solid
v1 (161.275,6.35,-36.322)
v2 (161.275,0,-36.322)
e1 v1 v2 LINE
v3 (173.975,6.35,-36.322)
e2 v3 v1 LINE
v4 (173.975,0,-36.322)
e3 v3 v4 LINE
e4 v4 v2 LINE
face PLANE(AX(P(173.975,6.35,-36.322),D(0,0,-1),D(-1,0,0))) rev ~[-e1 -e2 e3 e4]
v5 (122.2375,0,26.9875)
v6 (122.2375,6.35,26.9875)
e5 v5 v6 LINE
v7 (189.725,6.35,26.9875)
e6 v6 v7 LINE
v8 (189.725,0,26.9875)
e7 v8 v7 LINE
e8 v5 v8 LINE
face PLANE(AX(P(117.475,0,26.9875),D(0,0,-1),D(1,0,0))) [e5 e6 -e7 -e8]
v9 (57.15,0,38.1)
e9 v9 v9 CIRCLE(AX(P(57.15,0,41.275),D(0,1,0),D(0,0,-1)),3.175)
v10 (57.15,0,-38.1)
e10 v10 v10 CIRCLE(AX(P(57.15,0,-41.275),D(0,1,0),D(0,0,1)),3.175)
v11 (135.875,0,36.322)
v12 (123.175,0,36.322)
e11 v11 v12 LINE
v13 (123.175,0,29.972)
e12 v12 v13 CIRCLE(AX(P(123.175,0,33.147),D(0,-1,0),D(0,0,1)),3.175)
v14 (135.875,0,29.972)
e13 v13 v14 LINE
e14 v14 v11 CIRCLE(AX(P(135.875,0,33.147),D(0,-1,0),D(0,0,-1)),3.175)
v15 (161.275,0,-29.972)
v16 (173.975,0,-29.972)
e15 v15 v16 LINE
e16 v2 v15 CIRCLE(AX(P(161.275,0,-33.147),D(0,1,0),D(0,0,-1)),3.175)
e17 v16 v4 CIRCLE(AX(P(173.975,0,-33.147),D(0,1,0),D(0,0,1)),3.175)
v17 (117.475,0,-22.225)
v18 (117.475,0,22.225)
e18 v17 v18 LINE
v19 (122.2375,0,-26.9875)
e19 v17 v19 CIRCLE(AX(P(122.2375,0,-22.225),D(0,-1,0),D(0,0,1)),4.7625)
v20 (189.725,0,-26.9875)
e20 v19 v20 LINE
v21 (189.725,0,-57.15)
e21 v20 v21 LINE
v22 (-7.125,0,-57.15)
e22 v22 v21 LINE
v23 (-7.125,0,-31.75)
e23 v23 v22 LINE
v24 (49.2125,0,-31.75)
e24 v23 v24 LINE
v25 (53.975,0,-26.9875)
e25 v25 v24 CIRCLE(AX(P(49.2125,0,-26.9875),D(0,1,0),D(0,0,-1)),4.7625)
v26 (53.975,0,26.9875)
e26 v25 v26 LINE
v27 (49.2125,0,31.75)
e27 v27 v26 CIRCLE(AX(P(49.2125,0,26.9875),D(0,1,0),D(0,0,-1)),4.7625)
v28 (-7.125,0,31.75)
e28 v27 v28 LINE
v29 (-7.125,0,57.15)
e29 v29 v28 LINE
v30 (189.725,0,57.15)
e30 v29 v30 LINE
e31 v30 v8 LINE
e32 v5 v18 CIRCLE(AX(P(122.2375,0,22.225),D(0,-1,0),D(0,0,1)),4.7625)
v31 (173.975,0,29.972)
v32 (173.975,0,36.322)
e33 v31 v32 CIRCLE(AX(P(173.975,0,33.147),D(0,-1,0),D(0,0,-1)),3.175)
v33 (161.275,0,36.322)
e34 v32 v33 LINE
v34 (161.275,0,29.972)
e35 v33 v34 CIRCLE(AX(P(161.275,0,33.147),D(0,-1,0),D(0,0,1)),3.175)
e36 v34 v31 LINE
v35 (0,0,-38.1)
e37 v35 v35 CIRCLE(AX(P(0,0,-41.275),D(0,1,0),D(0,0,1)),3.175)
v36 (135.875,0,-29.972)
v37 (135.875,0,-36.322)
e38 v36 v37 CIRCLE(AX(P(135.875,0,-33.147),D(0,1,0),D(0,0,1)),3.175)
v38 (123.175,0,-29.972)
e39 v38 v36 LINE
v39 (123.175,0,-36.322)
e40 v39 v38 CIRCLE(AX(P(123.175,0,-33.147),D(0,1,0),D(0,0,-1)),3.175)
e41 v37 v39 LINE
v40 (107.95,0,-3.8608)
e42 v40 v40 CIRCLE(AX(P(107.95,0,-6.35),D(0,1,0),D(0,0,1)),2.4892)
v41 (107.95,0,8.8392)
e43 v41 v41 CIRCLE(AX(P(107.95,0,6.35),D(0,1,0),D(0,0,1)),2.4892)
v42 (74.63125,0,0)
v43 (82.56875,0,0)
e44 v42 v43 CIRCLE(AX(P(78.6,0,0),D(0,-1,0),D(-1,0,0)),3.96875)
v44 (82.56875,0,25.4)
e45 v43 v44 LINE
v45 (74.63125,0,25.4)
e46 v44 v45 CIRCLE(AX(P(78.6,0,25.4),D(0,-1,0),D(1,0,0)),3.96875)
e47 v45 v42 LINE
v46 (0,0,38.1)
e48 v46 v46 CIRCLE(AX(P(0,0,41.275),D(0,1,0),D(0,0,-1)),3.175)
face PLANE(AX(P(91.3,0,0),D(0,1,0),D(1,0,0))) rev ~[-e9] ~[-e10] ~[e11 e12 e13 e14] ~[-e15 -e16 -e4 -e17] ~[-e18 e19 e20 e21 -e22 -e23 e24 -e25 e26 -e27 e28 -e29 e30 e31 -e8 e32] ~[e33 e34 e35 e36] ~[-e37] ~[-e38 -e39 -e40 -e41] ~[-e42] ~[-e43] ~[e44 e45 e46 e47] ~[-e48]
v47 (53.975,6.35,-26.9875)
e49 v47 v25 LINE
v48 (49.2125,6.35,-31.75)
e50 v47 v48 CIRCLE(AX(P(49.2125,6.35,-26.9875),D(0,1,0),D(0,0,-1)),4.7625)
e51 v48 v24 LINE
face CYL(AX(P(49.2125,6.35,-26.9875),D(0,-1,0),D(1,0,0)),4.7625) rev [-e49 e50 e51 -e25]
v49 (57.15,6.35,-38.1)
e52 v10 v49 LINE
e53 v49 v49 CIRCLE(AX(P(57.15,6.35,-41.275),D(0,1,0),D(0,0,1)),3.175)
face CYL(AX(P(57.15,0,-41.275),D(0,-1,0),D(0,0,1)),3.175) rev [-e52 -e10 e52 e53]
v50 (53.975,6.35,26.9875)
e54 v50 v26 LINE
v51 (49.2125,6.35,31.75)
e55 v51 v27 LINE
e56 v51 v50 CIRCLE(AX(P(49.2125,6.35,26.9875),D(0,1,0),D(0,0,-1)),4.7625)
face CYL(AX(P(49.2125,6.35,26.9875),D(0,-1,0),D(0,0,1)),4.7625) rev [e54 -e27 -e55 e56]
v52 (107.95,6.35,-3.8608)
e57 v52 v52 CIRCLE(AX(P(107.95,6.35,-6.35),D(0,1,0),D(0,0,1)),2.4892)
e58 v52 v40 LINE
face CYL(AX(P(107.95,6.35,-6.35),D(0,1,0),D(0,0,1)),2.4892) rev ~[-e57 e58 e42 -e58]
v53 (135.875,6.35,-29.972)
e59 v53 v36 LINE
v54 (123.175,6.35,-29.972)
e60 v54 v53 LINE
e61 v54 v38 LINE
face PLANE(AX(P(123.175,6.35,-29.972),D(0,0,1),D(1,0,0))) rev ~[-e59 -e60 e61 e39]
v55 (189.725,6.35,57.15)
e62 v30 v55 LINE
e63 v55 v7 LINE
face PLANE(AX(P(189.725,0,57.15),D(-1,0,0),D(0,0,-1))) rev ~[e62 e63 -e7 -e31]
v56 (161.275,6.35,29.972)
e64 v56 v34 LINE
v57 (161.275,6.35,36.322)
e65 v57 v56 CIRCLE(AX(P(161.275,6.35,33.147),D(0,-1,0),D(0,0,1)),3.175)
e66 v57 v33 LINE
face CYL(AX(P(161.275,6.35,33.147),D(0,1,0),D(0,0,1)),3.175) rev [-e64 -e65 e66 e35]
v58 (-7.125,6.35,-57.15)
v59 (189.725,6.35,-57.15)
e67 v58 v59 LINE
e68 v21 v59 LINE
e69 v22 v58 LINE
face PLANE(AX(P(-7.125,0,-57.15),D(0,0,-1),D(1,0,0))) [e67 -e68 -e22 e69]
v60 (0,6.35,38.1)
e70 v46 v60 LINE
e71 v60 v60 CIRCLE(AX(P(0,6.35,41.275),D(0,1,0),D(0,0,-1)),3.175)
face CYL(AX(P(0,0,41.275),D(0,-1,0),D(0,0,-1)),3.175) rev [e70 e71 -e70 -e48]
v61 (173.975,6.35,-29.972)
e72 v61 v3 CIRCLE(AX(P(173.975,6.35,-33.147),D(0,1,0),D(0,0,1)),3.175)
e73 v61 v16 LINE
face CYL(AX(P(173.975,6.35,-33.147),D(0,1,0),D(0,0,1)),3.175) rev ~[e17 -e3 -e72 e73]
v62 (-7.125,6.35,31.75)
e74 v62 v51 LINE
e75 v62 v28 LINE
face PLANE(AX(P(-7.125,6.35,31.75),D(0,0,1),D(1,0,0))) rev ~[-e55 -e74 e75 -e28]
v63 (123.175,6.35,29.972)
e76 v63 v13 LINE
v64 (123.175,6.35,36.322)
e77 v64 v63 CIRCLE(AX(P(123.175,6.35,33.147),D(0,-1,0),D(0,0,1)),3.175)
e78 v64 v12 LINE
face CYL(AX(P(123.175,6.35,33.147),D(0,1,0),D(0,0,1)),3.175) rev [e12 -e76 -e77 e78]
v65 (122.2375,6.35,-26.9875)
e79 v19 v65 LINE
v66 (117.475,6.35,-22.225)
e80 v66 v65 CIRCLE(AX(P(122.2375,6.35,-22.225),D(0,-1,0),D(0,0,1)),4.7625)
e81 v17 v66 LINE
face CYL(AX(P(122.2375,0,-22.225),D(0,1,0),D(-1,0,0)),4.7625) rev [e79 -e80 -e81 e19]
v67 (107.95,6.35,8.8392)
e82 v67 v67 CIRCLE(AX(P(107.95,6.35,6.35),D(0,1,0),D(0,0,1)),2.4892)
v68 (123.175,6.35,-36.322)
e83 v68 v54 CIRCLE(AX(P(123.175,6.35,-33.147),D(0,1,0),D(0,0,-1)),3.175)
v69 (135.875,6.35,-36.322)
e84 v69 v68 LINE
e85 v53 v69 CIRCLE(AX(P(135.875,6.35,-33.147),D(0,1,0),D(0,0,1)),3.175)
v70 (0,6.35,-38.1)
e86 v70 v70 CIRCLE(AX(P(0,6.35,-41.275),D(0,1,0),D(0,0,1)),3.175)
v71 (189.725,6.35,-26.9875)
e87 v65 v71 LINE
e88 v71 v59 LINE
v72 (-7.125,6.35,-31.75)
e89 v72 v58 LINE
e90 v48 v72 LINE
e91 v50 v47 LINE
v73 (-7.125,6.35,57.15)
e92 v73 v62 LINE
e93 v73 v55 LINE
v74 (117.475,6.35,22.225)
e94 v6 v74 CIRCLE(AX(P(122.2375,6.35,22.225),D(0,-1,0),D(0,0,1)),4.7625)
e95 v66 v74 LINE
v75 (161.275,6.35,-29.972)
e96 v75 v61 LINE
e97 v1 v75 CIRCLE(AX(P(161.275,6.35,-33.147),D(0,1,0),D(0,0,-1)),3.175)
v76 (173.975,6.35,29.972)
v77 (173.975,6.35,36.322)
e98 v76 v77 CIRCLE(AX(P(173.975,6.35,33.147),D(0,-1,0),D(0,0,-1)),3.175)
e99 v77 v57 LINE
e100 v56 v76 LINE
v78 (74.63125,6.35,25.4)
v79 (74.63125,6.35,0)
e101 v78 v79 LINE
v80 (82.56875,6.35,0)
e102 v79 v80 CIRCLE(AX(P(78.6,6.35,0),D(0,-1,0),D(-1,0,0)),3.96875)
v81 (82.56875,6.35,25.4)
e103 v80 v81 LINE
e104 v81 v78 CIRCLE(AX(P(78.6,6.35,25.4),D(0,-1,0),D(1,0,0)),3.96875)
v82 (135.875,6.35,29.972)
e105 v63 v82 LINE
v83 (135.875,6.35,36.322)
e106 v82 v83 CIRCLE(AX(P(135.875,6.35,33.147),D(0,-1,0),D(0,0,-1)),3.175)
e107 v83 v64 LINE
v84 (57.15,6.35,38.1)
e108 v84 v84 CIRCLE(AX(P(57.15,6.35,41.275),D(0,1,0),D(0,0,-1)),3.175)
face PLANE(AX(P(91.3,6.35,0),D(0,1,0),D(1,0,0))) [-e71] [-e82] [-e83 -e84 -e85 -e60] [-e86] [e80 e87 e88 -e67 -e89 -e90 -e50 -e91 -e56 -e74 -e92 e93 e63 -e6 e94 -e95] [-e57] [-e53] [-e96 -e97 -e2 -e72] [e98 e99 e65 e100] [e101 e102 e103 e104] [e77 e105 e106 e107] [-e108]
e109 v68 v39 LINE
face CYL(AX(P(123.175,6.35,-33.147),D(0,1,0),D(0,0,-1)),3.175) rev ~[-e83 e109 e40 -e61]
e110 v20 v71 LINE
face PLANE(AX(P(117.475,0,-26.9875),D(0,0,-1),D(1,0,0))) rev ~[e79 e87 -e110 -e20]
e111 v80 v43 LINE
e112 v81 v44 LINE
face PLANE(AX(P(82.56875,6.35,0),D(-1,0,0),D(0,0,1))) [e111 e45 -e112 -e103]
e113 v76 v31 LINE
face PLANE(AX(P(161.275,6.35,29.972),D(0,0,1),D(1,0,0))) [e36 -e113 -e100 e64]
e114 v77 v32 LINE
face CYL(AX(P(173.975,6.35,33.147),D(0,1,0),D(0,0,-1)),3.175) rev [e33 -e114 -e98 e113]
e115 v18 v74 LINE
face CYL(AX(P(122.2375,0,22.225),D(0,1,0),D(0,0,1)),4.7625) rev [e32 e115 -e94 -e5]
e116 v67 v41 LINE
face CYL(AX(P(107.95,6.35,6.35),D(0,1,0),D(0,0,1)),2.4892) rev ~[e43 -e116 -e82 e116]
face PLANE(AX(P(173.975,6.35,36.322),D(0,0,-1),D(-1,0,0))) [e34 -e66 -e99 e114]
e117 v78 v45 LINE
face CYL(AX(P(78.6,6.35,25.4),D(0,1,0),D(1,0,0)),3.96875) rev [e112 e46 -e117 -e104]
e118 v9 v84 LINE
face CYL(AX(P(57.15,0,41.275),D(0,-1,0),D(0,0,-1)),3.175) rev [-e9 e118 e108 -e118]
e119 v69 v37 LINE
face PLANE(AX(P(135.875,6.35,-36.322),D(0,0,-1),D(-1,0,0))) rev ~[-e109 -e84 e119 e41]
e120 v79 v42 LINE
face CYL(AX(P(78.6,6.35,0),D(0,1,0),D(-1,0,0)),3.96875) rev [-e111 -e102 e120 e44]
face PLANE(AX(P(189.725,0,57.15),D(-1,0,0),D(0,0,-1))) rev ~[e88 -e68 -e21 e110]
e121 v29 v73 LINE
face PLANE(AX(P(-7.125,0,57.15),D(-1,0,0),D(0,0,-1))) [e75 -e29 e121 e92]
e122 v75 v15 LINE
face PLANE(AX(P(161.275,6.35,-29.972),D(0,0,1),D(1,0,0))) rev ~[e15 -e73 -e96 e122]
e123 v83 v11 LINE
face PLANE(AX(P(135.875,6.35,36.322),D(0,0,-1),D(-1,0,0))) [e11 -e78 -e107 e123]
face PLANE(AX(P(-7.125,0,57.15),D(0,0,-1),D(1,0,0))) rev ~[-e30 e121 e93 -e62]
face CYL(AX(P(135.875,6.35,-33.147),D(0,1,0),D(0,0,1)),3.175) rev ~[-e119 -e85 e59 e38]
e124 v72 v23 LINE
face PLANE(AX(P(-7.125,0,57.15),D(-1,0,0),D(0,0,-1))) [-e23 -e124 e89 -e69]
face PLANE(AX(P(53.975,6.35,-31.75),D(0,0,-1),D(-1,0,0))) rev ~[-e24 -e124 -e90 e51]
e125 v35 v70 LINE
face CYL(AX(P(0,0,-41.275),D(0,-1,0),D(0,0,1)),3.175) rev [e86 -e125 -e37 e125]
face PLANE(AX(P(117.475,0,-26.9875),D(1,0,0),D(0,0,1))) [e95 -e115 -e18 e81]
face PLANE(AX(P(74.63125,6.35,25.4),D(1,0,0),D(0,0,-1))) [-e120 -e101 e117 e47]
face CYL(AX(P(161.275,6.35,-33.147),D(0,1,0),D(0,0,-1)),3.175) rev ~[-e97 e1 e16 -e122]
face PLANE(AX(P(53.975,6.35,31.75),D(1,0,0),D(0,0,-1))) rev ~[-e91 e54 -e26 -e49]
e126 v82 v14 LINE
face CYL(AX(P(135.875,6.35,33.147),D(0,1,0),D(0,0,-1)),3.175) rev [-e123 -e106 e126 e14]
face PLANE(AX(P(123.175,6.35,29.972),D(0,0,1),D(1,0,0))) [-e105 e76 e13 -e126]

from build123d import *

# Parameters (mm, degrees)
SKETCH1_W           = 196.85
SKETCH1_H           = 114.3
SKETCH1_R           = 3.175
BOSS_EXTRUDE1_DEPTH = 6.35
CUT_EXTRUDE1_REACH  = 200.247
SKETCH7_W           = 72.25
SKETCH7_H           = 53.975
CUT_EXTRUDE3_DEPTH  = 6.35
CUT_EXTRUDE4_DEPTH  = 6.35
FILLET1_R           = 4.7625
SKETCH10_R          = 2.4892
CUT_EXTRUDE5_DEPTH  = 6.35


with BuildPart() as part:
    # Sketch1 → Boss-Extrude1 (new body)
    with BuildSketch(Plane(origin=(0, 0, 0), x_dir=(1, 0, 0), z_dir=(0, 1, 0))):
        with Locations((91.3, 0)):
            Rectangle(SKETCH1_W, SKETCH1_H)
        with Locations((0, 41.275)):
            Circle(SKETCH1_R, mode=Mode.SUBTRACT)
        with Locations((0, -41.275)):
            Circle(SKETCH1_R, mode=Mode.SUBTRACT)
        with Locations((57.15, 41.275)):
            Circle(SKETCH1_R, mode=Mode.SUBTRACT)
        with Locations((57.15, -41.275)):
            Circle(SKETCH1_R, mode=Mode.SUBTRACT)
    extrude(amount=BOSS_EXTRUDE1_DEPTH)

    # Sketch2 → Cut-Extrude1 (cut, up to next)
    with BuildSketch(Plane(origin=(0, 6.35, 0), x_dir=(1, 0, 0), z_dir=(0, 1, 0)), mode=Mode.PRIVATE) as cut_extrude1_sk1:
        Polygon((-7.125, 0), (-7.125, -31.75), (53.975, -31.75), (53.975, 0), (53.975, 31.75), (-7.125, 31.75), align=None)
    cut_extrude1_tool1 = extrude(cut_extrude1_sk1.sketch, amount=-CUT_EXTRUDE1_REACH, mode=Mode.PRIVATE) & part.part
    add(cut_extrude1_tool1.solids().sort_by_distance((23.425, 6.35, 0))[0], mode=Mode.SUBTRACT)

    # Sketch7 → Cut-Extrude3 (cut)
    with BuildSketch(Plane.XZ):
        with Locations((153.6, 0)):
            Rectangle(SKETCH7_W, SKETCH7_H)
    extrude(amount=-CUT_EXTRUDE3_DEPTH, mode=Mode.SUBTRACT)

    # Sketch9 → Cut-Extrude4 (cut)
    with BuildSketch(Plane(origin=(0, 6.35, 0), x_dir=(1, 0, 0), z_dir=(0, 1, 0))):
        with BuildLine():
            Line((135.875, -29.972), (123.175, -29.972))
            ThreePointArc((123.175, -29.972), (120, -33.147), (123.175, -36.322))
            Line((123.175, -36.322), (135.875, -36.322))
            ThreePointArc((135.875, -36.322), (139.05, -33.147), (135.875, -29.972))
        make_face()
        with BuildLine():
            Line((161.275, -36.322), (173.975, -36.322))
            ThreePointArc((173.975, -36.322), (177.15, -33.147), (173.975, -29.972))
            Line((173.975, -29.972), (161.275, -29.972))
            ThreePointArc((161.275, -29.972), (158.1, -33.147), (161.275, -36.322))
        make_face()
        with BuildLine():
            ThreePointArc((173.975, 36.322), (177.15, 33.147), (173.975, 29.972))
            Line((173.975, 29.972), (161.275, 29.972))
            ThreePointArc((161.275, 29.972), (158.1, 33.147), (161.275, 36.322))
            Line((161.275, 36.322), (173.975, 36.322))
        make_face()
        with BuildLine():
            ThreePointArc((123.175, 29.972), (120, 33.147), (123.175, 36.322))
            Line((123.175, 36.322), (135.875, 36.322))
            ThreePointArc((135.875, 36.322), (139.05, 33.147), (135.875, 29.972))
            Line((135.875, 29.972), (123.175, 29.972))
        make_face()
        with BuildLine():
            Line((74.63125, 0), (74.63125, -25.4))
            ThreePointArc((74.63125, -25.4), (78.6, -29.36875), (82.56875, -25.4))
            Line((82.56875, -25.4), (82.56875, 0))
            ThreePointArc((82.56875, 0), (78.6, 3.96875), (74.63125, 0))
        make_face()
    extrude(amount=-CUT_EXTRUDE4_DEPTH, mode=Mode.SUBTRACT)

    # Fillet1
    fillet1_edges = [part.edges().sort_by_distance(p)[0] for p in [
        (53.975, 3.175, 31.75),
        (53.975, 3.175, -31.75),
        (117.475, 3.175, 26.9875),
        (117.475, 3.175, -26.9875),
    ]]
    fillet(fillet1_edges, radius=FILLET1_R)

    # Sketch10 → Cut-Extrude5 (cut)
    with BuildSketch(Plane(origin=(0, 6.35, 0), x_dir=(1, 0, 0), z_dir=(0, 1, 0))):
        with Locations((107.95, -6.35)):
            Circle(SKETCH10_R)
        with Locations((107.95, 6.35)):
            Circle(SKETCH10_R)
    extrude(amount=-CUT_EXTRUDE5_DEPTH, mode=Mode.SUBTRACT)


solid = part.part
